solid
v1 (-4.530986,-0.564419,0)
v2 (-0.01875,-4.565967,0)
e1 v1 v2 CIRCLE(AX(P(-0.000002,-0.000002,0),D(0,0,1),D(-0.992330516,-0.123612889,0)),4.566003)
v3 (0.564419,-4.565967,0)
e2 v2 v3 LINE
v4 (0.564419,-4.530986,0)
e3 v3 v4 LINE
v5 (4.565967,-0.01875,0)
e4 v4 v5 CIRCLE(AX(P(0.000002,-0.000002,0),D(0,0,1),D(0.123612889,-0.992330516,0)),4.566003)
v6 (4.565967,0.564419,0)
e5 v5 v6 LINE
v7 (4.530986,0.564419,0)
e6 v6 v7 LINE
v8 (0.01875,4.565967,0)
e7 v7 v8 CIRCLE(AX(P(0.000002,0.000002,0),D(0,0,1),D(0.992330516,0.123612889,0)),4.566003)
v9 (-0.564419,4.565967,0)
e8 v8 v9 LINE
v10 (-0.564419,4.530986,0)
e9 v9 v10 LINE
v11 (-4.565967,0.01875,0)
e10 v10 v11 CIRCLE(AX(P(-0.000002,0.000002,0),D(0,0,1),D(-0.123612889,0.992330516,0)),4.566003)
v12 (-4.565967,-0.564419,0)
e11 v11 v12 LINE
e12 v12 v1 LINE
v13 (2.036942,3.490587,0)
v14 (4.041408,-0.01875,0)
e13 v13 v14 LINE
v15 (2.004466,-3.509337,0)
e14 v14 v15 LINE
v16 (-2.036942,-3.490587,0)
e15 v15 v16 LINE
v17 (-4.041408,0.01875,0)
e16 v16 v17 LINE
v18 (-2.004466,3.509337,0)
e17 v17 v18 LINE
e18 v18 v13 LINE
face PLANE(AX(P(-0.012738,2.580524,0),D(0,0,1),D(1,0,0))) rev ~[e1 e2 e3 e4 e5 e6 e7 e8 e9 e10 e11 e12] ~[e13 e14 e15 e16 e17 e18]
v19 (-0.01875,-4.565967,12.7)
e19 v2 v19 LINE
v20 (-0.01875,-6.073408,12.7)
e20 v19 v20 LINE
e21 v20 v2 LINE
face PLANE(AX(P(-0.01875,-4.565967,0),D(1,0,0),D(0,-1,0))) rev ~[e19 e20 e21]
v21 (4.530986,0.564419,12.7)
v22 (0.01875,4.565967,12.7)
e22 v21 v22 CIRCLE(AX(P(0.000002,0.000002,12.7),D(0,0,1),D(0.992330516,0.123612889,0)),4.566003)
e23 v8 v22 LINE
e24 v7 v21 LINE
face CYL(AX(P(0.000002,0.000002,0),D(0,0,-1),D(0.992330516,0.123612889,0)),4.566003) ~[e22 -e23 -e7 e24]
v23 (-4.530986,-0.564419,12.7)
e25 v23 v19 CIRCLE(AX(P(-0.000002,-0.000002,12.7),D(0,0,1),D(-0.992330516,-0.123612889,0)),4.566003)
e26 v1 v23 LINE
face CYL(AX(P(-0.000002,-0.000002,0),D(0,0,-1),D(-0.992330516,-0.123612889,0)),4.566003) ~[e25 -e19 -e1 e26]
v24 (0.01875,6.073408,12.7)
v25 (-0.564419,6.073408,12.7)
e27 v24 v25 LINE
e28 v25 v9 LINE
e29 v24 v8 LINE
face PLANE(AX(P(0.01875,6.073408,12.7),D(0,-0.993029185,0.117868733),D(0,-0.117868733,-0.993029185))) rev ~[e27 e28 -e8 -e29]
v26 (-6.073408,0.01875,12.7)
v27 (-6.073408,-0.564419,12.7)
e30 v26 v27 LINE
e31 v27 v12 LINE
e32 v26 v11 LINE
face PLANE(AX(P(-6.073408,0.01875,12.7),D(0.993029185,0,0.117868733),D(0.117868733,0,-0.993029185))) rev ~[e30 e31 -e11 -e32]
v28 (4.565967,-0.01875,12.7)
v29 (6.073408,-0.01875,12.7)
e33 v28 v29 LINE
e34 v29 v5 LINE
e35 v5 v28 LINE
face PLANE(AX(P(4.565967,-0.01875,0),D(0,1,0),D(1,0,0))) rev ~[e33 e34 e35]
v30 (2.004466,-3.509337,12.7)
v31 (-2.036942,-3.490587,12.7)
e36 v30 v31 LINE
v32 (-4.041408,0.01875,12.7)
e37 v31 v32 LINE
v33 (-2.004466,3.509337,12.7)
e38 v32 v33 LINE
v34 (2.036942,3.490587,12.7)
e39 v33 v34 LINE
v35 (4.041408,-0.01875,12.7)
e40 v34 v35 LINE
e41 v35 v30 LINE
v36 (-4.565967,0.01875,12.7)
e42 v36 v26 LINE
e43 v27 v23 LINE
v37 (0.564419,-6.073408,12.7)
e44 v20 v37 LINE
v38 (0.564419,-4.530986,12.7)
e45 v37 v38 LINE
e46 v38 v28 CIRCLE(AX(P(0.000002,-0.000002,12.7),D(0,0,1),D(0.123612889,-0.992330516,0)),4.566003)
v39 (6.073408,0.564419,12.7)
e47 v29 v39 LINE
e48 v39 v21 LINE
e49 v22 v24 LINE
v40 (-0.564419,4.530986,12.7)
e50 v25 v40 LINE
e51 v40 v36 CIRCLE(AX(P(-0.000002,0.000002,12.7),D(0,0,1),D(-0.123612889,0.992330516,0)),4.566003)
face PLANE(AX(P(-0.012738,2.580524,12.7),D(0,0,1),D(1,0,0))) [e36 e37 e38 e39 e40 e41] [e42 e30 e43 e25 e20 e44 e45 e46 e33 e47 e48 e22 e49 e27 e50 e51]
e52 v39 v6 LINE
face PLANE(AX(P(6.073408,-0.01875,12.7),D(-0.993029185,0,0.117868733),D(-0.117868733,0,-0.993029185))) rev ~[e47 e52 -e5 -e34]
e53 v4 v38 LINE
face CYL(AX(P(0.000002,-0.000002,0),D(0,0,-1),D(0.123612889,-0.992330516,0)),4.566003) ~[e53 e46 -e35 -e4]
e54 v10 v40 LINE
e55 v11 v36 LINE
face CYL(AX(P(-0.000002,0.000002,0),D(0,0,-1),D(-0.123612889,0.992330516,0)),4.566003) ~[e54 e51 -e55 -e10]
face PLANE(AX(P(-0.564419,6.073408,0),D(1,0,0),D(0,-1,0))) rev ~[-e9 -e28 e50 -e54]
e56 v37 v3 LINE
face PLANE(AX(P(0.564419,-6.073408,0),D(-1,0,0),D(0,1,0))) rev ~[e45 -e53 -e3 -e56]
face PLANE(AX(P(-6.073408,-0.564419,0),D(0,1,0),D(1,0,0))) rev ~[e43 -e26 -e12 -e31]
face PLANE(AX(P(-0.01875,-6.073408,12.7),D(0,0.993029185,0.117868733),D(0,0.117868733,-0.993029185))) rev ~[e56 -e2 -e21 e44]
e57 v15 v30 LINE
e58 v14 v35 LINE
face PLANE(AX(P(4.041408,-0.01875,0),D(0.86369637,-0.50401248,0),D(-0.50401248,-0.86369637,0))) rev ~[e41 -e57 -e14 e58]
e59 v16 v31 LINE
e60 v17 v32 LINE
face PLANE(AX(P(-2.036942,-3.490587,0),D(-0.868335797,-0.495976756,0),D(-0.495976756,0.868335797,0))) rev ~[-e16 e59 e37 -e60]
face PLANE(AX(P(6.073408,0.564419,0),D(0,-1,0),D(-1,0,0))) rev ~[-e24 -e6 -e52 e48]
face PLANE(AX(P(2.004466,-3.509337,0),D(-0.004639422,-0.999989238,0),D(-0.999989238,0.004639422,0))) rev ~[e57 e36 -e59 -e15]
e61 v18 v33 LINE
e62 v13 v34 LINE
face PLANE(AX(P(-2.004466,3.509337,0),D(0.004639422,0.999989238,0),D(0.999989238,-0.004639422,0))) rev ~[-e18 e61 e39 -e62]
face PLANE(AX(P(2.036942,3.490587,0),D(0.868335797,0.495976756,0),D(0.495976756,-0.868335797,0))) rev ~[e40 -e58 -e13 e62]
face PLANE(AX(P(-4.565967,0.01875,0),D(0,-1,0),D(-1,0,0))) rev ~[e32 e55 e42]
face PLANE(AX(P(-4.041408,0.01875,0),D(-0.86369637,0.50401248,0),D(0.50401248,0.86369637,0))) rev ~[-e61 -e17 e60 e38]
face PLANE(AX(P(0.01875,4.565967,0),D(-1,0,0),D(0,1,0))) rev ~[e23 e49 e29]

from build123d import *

# Parameters (mm, degrees)
F1_DEPTH = 12.7
F3_DEPTH = 25.4
F5_DEPTH = 25.4
F7_DEPTH = 25.4
F9_DEPTH = 25.4


with BuildPart() as f1:
    # F0 (on Top) → F1 (new body)
    with BuildSketch(Plane.XY):
        with BuildLine():
            Line((-2.004466, 3.509337), (2.036942, 3.490587))
            Line((2.036942, 3.490587), (4.041408, -0.01875))
            Line((4.041408, -0.01875), (4.041408, 0.564419))
            Line((4.041408, 0.564419), (4.530986, 0.564419))
            ThreePointArc((4.530986, 0.564419), (3.029542, 3.41618), (0.01875, 4.565967))
            Line((0.01875, 4.565967), (0.01875, 4.041408))
            Line((0.01875, 4.041408), (-0.564419, 4.041408))
            Line((-0.564419, 4.041408), (-0.564419, 4.530986))
            ThreePointArc((-0.564419, 4.530986), (-3.41618, 3.029542), (-4.565967, 0.01875))
            Line((-4.565967, 0.01875), (-4.041408, 0.01875))
            Line((-4.041408, 0.01875), (-2.004466, 3.509337))
        make_face()
        with BuildLine():
            ThreePointArc((4.566005, 0), (4.565996, -0.009375), (4.565967, -0.01875))
            Line((4.565967, -0.01875), (6.073408, -0.01875))
            Line((6.073408, -0.01875), (6.073408, 0.564419))
            Line((6.073408, 0.564419), (4.530986, 0.564419))
            ThreePointArc((4.530986, 0.564419), (4.557242, 0.282752), (4.566005, 0))
        make_face()
        with BuildLine():
            Line((4.041408, 0.564419), (4.041408, -0.01875))
            Line((4.041408, -0.01875), (4.565967, -0.01875))
            ThreePointArc((4.565967, -0.01875), (4.565996, -0.009375), (4.566005, 0))
            ThreePointArc((4.566005, 0), (4.557242, 0.282752), (4.530986, 0.564419))
            Line((4.530986, 0.564419), (4.041408, 0.564419))
        make_face()
        with BuildLine():
            ThreePointArc((-0.564419, 4.530986), (-0.273394, 4.557813), (0.01875, 4.565967))
            Line((0.01875, 4.565967), (0.01875, 6.073408))
            Line((0.01875, 6.073408), (-0.564419, 6.073408))
            Line((-0.564419, 6.073408), (-0.564419, 4.530986))
        make_face()
        with BuildLine():
            Line((0.01875, 4.041408), (0.01875, 4.565967))
            ThreePointArc((0.01875, 4.565967), (-0.273394, 4.557813), (-0.564419, 4.530986))
            Line((-0.564419, 4.530986), (-0.564419, 4.041408))
            Line((-0.564419, 4.041408), (0.01875, 4.041408))
        make_face()
        with BuildLine():
            ThreePointArc((-4.530986, -0.564419), (-4.557813, -0.273394), (-4.565967, 0.01875))
            Line((-4.565967, 0.01875), (-6.073408, 0.01875))
            Line((-6.073408, 0.01875), (-6.073408, -0.564419))
            Line((-6.073408, -0.564419), (-4.530986, -0.564419))
        make_face()
        with BuildLine():
            Line((-4.041408, -0.564419), (-4.041408, 0.01875))
            Line((-4.041408, 0.01875), (-4.565967, 0.01875))
            ThreePointArc((-4.565967, 0.01875), (-4.557813, -0.273394), (-4.530986, -0.564419))
            Line((-4.530986, -0.564419), (-4.041408, -0.564419))
        make_face()
        with BuildLine():
            Line((4.565967, -0.01875), (4.041408, -0.01875))
            Line((4.041408, -0.01875), (2.004466, -3.509337))
            Line((2.004466, -3.509337), (-2.036942, -3.490587))
            Line((-2.036942, -3.490587), (-4.041408, 0.01875))
            Line((-4.041408, 0.01875), (-4.041408, -0.564419))
            Line((-4.041408, -0.564419), (-4.530986, -0.564419))
            ThreePointArc((-4.530986, -0.564419), (-3.029542, -3.41618), (-0.01875, -4.565967))
            Line((-0.01875, -4.565967), (-0.01875, -4.041408))
            Line((-0.01875, -4.041408), (0.564419, -4.041408))
            Line((0.564419, -4.041408), (0.564419, -4.530986))
            ThreePointArc((0.564419, -4.530986), (3.41618, -3.029542), (4.565967, -0.01875))
        make_face()
        with BuildLine():
            ThreePointArc((-0.01875, -4.565967), (0.273394, -4.557813), (0.564419, -4.530986))
            Line((0.564419, -4.530986), (0.564419, -4.041408))
            Line((0.564419, -4.041408), (-0.01875, -4.041408))
            Line((-0.01875, -4.041408), (-0.01875, -4.565967))
        make_face()
        with BuildLine():
            Line((0.564419, -6.073408), (0.564419, -4.530986))
            ThreePointArc((0.564419, -4.530986), (0.273394, -4.557813), (-0.01875, -4.565967))
            Line((-0.01875, -4.565967), (-0.01875, -6.073408))
            Line((-0.01875, -6.073408), (0.564419, -6.073408))
        make_face()
    extrude(amount=F1_DEPTH)

    # F2 (on face) → F3 (cut)
    with BuildSketch(Plane.XZ.offset(0.01875)):
        Polygon((6.073408, 0), (6.073408, 12.7), (4.565967, 0), align=None)
    extrude(amount=-F3_DEPTH, mode=Mode.SUBTRACT)

    # F4 (on face) → F5 (cut)
    with BuildSketch(Plane(origin=(-0.01875, 0, 0), x_dir=(0, -1, 0), z_dir=(-1, 0, 0))):
        Polygon((6.073408, 0), (6.073408, 12.7), (4.565967, 0), align=None)
    extrude(amount=-F5_DEPTH, mode=Mode.SUBTRACT)

    # F6 (on face) → F7 (cut)
    with BuildSketch(Plane.YZ.offset(0.01875)):
        Polygon((6.073408, 0), (6.073408, 12.7), (4.565967, 0), align=None)
    extrude(amount=-F7_DEPTH, mode=Mode.SUBTRACT)

    # F8 (on face) → F9 (cut)
    with BuildSketch(Plane(origin=(0, 0.01875, 0), x_dir=(-1, 0, 0), z_dir=(0, 1, 0))):
        Polygon((6.073408, 0), (6.073408, 12.7), (4.565967, 0), align=None)
    extrude(amount=-F9_DEPTH, mode=Mode.SUBTRACT)


solid = f1.part
